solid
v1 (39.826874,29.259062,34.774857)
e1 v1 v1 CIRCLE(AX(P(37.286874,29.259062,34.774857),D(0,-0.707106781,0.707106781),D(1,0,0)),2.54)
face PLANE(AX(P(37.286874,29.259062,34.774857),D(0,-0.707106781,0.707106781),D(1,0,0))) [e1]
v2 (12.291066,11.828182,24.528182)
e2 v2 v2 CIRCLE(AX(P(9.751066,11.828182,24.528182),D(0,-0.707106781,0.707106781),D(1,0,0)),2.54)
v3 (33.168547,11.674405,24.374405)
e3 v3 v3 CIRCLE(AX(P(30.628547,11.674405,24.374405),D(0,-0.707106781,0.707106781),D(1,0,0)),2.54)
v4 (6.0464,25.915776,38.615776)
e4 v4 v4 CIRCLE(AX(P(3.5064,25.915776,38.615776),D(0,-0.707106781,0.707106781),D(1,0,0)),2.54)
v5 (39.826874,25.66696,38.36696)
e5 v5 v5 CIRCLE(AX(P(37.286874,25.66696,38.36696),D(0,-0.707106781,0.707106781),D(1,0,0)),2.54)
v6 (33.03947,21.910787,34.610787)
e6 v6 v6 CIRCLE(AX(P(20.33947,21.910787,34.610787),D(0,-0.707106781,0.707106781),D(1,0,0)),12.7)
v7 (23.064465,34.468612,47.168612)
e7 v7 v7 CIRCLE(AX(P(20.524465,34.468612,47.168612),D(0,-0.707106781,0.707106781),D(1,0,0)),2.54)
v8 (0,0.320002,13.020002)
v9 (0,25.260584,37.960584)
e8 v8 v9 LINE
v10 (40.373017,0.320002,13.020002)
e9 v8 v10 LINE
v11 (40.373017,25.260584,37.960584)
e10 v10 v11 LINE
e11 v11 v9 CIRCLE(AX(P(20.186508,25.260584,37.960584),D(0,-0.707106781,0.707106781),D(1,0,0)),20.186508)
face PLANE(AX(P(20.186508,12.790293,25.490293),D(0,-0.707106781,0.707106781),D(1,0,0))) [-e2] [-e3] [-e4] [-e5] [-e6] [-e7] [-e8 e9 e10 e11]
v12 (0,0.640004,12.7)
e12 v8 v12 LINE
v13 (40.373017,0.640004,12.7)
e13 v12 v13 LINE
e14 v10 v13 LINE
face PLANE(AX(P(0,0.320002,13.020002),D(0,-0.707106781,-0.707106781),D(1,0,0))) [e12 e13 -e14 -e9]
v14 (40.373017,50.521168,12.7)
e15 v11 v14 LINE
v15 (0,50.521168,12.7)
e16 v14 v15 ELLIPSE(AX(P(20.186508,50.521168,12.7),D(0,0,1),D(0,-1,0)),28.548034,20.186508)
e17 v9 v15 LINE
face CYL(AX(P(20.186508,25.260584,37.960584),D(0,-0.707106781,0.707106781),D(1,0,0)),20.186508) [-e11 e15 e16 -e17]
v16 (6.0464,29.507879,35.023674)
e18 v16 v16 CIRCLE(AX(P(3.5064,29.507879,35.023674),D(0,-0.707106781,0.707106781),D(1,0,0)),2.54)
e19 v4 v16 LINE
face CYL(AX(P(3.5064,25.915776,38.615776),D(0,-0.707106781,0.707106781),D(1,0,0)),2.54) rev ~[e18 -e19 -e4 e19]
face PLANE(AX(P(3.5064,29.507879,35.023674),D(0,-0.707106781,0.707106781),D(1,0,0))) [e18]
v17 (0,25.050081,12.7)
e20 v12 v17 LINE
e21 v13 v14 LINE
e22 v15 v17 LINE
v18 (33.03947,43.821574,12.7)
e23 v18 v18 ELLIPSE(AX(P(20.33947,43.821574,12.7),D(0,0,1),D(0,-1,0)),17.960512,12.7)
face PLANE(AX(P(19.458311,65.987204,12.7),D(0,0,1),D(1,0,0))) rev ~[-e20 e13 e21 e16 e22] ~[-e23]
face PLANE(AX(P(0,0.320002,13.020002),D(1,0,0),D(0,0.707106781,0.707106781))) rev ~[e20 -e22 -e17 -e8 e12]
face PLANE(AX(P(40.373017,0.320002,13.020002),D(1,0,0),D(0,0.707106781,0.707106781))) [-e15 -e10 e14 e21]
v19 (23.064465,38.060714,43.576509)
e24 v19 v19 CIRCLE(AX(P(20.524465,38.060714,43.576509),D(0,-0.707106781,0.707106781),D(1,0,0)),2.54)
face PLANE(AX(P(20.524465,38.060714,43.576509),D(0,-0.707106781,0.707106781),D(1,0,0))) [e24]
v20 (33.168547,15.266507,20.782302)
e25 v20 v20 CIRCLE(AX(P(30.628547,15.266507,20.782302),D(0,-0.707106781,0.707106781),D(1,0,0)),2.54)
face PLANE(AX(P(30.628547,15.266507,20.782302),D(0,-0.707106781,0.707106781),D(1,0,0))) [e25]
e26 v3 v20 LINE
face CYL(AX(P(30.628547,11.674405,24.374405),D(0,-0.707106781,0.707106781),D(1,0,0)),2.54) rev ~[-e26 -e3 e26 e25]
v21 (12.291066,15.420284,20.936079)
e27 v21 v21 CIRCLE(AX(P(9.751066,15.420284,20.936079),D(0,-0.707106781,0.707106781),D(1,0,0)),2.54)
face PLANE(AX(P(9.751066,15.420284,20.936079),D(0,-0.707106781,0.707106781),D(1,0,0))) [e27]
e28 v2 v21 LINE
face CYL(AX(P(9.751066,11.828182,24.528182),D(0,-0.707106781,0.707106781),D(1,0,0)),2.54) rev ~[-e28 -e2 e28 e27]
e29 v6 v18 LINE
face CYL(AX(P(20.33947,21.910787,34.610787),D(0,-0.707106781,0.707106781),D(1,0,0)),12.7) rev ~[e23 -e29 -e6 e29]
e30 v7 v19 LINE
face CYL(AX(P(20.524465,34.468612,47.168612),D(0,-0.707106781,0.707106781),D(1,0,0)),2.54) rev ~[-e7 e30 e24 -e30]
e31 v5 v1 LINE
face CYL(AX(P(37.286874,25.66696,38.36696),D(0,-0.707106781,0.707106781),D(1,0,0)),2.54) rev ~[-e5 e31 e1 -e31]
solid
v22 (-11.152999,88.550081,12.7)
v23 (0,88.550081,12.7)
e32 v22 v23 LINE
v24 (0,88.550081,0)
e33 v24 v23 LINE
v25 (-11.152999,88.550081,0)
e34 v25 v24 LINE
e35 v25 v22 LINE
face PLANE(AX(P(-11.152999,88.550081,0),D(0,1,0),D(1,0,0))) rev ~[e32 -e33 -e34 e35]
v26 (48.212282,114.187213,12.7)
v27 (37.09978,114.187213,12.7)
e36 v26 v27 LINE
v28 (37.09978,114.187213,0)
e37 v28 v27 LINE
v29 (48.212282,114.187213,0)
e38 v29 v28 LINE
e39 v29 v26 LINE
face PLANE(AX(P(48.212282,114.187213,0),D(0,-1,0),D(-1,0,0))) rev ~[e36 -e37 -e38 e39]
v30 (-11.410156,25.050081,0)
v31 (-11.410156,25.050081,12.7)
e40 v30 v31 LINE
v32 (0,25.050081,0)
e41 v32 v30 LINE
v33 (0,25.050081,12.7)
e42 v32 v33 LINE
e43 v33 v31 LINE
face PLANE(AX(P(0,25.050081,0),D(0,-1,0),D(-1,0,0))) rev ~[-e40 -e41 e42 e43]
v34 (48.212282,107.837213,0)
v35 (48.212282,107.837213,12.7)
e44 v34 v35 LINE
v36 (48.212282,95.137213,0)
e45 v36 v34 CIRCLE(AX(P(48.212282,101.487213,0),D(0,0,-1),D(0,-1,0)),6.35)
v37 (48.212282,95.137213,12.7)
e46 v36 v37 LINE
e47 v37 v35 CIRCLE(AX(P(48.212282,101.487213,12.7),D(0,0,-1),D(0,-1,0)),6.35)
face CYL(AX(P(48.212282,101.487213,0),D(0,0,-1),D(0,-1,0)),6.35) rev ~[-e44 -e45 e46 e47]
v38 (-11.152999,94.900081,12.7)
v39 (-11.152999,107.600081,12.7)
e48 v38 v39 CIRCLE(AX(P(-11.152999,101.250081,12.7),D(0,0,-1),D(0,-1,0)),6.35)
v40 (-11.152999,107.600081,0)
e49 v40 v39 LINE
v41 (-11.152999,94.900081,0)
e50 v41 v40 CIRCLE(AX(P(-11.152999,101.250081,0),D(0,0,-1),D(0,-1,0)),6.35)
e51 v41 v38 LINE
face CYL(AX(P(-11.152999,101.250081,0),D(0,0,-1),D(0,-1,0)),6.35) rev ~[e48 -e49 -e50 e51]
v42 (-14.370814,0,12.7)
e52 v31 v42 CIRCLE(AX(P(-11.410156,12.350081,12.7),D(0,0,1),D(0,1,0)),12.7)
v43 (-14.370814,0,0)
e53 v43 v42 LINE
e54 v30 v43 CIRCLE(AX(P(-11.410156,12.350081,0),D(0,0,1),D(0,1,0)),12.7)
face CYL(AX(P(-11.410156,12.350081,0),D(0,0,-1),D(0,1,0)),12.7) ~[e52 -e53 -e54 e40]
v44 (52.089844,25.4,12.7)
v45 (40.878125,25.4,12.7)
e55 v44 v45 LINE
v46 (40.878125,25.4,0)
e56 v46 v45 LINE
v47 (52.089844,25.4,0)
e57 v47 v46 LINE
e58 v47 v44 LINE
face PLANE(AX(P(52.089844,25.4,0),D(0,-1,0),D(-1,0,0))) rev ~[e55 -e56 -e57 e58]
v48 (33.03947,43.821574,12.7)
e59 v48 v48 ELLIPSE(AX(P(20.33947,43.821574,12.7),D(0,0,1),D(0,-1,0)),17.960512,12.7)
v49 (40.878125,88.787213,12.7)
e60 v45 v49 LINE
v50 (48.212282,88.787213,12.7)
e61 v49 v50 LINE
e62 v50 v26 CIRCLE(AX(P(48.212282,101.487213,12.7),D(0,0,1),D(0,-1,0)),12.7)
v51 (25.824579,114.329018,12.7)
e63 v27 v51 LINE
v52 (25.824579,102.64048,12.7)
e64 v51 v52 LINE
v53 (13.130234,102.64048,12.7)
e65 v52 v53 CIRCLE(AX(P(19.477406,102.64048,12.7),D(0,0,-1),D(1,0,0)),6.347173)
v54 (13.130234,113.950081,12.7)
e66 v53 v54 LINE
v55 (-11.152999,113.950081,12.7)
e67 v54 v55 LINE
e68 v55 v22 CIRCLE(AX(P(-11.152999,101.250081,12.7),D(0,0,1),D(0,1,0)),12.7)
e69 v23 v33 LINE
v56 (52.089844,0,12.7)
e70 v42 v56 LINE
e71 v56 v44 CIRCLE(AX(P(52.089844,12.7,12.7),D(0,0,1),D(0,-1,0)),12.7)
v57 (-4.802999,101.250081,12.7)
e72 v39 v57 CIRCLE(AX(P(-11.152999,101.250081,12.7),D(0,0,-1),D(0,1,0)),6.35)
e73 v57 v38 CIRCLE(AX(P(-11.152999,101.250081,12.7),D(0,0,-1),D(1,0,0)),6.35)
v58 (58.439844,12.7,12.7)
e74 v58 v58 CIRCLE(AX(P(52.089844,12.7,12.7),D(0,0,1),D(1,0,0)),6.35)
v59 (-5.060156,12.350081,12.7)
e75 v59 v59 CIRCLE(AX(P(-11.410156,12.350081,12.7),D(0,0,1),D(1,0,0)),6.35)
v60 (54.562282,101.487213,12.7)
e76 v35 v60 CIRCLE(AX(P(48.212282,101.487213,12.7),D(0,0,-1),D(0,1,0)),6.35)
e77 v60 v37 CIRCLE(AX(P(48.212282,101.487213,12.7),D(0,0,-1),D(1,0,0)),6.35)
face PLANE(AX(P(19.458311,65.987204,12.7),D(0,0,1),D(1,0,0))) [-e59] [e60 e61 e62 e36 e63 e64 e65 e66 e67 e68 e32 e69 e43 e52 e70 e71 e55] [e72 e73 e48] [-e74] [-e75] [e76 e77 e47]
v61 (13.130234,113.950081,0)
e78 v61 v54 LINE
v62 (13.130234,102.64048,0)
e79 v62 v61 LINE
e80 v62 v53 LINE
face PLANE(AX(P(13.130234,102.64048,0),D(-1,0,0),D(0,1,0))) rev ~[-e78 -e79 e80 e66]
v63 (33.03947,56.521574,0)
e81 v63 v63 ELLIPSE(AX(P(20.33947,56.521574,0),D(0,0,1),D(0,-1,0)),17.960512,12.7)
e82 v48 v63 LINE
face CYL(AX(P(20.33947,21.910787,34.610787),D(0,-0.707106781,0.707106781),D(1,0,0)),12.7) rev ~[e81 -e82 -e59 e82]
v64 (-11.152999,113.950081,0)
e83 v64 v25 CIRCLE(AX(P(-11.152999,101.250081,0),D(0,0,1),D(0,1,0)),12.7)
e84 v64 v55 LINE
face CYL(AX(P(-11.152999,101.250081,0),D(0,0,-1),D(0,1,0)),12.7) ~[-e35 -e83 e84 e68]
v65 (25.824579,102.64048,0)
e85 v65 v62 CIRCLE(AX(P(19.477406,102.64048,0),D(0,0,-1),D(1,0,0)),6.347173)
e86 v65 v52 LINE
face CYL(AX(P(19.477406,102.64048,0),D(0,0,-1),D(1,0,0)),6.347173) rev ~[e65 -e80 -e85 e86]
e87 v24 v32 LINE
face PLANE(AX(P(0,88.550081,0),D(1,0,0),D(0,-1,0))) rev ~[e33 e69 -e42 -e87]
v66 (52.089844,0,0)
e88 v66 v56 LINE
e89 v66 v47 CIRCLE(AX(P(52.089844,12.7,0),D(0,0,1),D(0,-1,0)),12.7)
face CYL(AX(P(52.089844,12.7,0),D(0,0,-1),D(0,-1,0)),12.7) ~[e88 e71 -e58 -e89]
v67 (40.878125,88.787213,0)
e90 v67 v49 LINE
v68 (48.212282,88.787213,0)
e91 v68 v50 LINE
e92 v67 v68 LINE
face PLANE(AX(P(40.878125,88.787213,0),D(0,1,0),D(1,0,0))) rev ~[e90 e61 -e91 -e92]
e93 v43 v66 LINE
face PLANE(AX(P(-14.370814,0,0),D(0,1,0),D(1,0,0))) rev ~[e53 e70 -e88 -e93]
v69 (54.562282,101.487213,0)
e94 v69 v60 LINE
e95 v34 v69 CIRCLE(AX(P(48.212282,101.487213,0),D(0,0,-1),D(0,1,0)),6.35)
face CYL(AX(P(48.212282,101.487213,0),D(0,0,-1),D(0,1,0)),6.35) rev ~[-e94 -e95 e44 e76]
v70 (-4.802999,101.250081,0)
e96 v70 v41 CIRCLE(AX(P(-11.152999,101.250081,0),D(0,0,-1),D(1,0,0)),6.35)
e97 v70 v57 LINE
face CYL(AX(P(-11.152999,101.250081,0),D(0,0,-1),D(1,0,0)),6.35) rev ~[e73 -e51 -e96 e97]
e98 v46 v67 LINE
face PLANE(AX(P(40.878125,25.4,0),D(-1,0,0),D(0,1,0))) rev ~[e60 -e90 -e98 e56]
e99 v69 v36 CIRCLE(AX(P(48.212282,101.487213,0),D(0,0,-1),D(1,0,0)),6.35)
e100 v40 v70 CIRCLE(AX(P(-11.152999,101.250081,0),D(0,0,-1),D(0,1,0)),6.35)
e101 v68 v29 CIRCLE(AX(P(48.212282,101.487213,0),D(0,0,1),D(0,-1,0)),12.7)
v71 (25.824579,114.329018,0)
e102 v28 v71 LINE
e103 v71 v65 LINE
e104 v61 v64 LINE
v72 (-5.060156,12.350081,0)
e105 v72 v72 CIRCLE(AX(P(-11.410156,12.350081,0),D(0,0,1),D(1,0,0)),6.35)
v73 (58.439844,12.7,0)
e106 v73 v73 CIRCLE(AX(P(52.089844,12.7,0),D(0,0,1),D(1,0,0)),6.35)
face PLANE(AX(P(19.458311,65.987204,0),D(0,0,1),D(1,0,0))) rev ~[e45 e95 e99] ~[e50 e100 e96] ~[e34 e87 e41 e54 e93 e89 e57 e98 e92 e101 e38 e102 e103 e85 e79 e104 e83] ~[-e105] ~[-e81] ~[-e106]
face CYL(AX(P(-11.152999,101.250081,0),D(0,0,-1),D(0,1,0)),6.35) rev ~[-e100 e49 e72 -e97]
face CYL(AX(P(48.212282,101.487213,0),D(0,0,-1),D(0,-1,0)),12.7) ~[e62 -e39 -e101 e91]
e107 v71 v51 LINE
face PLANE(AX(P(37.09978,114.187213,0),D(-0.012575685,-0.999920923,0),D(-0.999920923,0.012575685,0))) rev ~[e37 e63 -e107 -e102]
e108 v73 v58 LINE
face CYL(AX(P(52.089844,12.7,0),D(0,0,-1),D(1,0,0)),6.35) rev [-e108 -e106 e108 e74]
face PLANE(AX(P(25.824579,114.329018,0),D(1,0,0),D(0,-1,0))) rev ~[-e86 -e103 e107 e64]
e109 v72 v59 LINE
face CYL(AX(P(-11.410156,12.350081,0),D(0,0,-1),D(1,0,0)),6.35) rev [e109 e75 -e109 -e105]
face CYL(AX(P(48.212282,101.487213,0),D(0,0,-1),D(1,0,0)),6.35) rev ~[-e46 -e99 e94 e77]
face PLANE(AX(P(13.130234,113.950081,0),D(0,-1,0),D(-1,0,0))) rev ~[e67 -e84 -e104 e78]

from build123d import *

# Parameters (mm, degrees)
F0_R     = 6.35
F1_DEPTH = 12.7
F3_W     = 40.3730167193
F3_H     = 35.2713091659
F5_R     = 2.54
F7_DEPTH = 5.08
F6_R     = 12.7
F8_DEPTH = 89.8240799379


with BuildPart() as f1:
    # F0 (on Top) → F1 (new body)
    with BuildSketch(Plane.XY):
        with BuildLine():
            Line((0, 25.0500811696), (0, 0))
            Line((0, 0), (40.8781252747, 0))
            Line((40.8781252747, 0), (40.8781252747, 25.4))
            Line((40.8781252747, 25.4), (40.8781252747, 88.7872132744))
            Line((40.8781252747, 88.7872132744), (48.2122819069, 88.7872132744))
            Line((48.2122819069, 88.7872132744), (48.2122819069, 95.1372132744))
            ThreePointArc((48.2122819069, 95.1372132744), (41.8622819069, 101.4872132744), (48.2122819069, 107.8372132744))
            Line((48.2122819069, 107.8372132744), (48.2122819069, 114.1872132744))
            Line((48.2122819069, 114.1872132744), (37.0997800088, 114.1872132744))
            Line((37.0997800088, 114.1872132744), (25.8245790959, 114.3290178623))
            Line((25.8245790959, 114.3290178623), (25.8245790959, 102.6404798031))
            ThreePointArc((25.8245790959, 102.6404798031), (19.4774063595, 96.2933070667), (13.1302336231, 102.6404798031))
            Line((13.1302336231, 102.6404798031), (13.1302336231, 113.9500811696))
            Line((13.1302336231, 113.9500811696), (0, 113.9500811696))
            Line((0, 113.9500811696), (-11.1529994756, 113.9500811696))
            Line((-11.1529994756, 113.9500811696), (-11.1529994756, 107.6000811696))
            ThreePointArc((-11.1529994756, 107.6000811696), (-6.6628714151, 105.7402092301), (-4.8029994756, 101.2500811696))
            ThreePointArc((-4.8029994756, 101.2500811696), (-6.6628714151, 96.7599531091), (-11.1529994756, 94.9000811696))
            Line((-11.1529994756, 94.9000811696), (-11.1529994756, 88.5500811696))
            Line((-11.1529994756, 88.5500811696), (0, 88.5500811696))
            Line((0, 88.5500811696), (0, 25.0500811696))
        make_face()
        with BuildLine():
            Line((-14.3708139776, 0), (0, 0))
            Line((0, 0), (0, 25.0500811696))
            Line((0, 25.0500811696), (-11.4101560939, 25.0500811696))
            ThreePointArc((-11.4101560939, 25.0500811696), (-24.0223730056, 13.8407134425), (-14.3708139776, 0))
        make_face()
        with Locations((-11.4101560939, 12.3500811696)):
            Circle(F0_R, mode=Mode.SUBTRACT)
        with BuildLine():
            Line((40.8781252747, 25.4), (40.8781252747, 0))
            Line((40.8781252747, 0), (52.0898439061, 0))
            ThreePointArc((52.0898439061, 0), (64.7898439061, 12.7), (52.0898439061, 25.4))
            Line((52.0898439061, 25.4), (40.8781252747, 25.4))
        make_face()
        with Locations((52.0898439061, 12.7)):
            Circle(F0_R, mode=Mode.SUBTRACT)
        with BuildLine():
            ThreePointArc((-11.1529994756, 113.9500811696), (-23.8529994756, 101.2500811696), (-11.1529994756, 88.5500811696))
            Line((-11.1529994756, 88.5500811696), (-11.1529994756, 94.9000811696))
            ThreePointArc((-11.1529994756, 94.9000811696), (-17.5029994756, 101.2500811696), (-11.1529994756, 107.6000811696))
            Line((-11.1529994756, 107.6000811696), (-11.1529994756, 113.9500811696))
        make_face()
        with BuildLine():
            Line((48.2122819069, 95.1372132744), (48.2122819069, 88.7872132744))
            ThreePointArc((48.2122819069, 88.7872132744), (60.9122819069, 101.4872132744), (48.2122819069, 114.1872132744))
            Line((48.2122819069, 114.1872132744), (48.2122819069, 107.8372132744))
            ThreePointArc((48.2122819069, 107.8372132744), (52.7024099674, 105.977341335), (54.5622819069, 101.4872132744))
            ThreePointArc((54.5622819069, 101.4872132744), (52.7024099674, 96.9970852139), (48.2122819069, 95.1372132744))
        make_face()
    extrude(amount=F1_DEPTH)


with BuildPart() as f4:
    # F3 (on face) → F4 (new body, up to the next surface of F1)
    with BuildSketch(Plane(origin=(0, -6.35, 6.35), x_dir=(1, 0, 0), z_dir=(0, -0.7071067812, 0.7071067812))):
        with Locations((20.1865083596, 27.0684621477)):
            Rectangle(F3_W, F3_H)
        with BuildLine():
            ThreePointArc((40.3730167193, 44.7041167306), (20.1865083596, 64.8906250903), (0, 44.7041167306))
            Line((0, 44.7041167306), (40.3730167193, 44.7041167306))
        make_face()
    extrude(until=Until.NEXT, target=f1.part, dir=(0, 0.7071067812, -0.7071067812))

    # F5 (on face) → F7 (cut)
    with BuildSketch(Plane(origin=(0, -6.35, 6.35), x_dir=(1, 0, 0), z_dir=(0, -0.7071067812, 0.7071067812))):
        with Locations((20.5244645476, 57.7262341976)):
            Circle(F5_R)
        with Locations((3.5063998094, 45.6306987153)):
            Circle(F5_R)
        with Locations((9.7510664325, 25.7078313312)):
            Circle(F5_R)
        with Locations((30.6285473922, 25.4903576168)):
            Circle(F5_R)
        with Locations((37.2868736017, 45.2788188537)):
            Circle(F5_R)
    extrude(amount=-F7_DEPTH, mode=Mode.SUBTRACT)


with BuildPart() as f8_tool:
    # F6 (on face) → F8 (new body, through all)
    with BuildSketch(Plane(origin=(0, -6.35, 6.35), x_dir=(1, 0, 0), z_dir=(0, -0.7071067812, 0.7071067812))):
        with Locations((20.3394703567, 39.9667881429)):
            Circle(F6_R)
    extrude(amount=-F8_DEPTH)


with BuildPart() as f1_1:
    add(f1.part)

    # F8: cut by f8_tool
    add(f8_tool.part, mode=Mode.SUBTRACT)


with BuildPart() as f4_1:
    add(f4.part)

    # F8: cut by f8_tool
    add(f8_tool.part, mode=Mode.SUBTRACT)


solid = Compound([f1_1.part, f4_1.part])
